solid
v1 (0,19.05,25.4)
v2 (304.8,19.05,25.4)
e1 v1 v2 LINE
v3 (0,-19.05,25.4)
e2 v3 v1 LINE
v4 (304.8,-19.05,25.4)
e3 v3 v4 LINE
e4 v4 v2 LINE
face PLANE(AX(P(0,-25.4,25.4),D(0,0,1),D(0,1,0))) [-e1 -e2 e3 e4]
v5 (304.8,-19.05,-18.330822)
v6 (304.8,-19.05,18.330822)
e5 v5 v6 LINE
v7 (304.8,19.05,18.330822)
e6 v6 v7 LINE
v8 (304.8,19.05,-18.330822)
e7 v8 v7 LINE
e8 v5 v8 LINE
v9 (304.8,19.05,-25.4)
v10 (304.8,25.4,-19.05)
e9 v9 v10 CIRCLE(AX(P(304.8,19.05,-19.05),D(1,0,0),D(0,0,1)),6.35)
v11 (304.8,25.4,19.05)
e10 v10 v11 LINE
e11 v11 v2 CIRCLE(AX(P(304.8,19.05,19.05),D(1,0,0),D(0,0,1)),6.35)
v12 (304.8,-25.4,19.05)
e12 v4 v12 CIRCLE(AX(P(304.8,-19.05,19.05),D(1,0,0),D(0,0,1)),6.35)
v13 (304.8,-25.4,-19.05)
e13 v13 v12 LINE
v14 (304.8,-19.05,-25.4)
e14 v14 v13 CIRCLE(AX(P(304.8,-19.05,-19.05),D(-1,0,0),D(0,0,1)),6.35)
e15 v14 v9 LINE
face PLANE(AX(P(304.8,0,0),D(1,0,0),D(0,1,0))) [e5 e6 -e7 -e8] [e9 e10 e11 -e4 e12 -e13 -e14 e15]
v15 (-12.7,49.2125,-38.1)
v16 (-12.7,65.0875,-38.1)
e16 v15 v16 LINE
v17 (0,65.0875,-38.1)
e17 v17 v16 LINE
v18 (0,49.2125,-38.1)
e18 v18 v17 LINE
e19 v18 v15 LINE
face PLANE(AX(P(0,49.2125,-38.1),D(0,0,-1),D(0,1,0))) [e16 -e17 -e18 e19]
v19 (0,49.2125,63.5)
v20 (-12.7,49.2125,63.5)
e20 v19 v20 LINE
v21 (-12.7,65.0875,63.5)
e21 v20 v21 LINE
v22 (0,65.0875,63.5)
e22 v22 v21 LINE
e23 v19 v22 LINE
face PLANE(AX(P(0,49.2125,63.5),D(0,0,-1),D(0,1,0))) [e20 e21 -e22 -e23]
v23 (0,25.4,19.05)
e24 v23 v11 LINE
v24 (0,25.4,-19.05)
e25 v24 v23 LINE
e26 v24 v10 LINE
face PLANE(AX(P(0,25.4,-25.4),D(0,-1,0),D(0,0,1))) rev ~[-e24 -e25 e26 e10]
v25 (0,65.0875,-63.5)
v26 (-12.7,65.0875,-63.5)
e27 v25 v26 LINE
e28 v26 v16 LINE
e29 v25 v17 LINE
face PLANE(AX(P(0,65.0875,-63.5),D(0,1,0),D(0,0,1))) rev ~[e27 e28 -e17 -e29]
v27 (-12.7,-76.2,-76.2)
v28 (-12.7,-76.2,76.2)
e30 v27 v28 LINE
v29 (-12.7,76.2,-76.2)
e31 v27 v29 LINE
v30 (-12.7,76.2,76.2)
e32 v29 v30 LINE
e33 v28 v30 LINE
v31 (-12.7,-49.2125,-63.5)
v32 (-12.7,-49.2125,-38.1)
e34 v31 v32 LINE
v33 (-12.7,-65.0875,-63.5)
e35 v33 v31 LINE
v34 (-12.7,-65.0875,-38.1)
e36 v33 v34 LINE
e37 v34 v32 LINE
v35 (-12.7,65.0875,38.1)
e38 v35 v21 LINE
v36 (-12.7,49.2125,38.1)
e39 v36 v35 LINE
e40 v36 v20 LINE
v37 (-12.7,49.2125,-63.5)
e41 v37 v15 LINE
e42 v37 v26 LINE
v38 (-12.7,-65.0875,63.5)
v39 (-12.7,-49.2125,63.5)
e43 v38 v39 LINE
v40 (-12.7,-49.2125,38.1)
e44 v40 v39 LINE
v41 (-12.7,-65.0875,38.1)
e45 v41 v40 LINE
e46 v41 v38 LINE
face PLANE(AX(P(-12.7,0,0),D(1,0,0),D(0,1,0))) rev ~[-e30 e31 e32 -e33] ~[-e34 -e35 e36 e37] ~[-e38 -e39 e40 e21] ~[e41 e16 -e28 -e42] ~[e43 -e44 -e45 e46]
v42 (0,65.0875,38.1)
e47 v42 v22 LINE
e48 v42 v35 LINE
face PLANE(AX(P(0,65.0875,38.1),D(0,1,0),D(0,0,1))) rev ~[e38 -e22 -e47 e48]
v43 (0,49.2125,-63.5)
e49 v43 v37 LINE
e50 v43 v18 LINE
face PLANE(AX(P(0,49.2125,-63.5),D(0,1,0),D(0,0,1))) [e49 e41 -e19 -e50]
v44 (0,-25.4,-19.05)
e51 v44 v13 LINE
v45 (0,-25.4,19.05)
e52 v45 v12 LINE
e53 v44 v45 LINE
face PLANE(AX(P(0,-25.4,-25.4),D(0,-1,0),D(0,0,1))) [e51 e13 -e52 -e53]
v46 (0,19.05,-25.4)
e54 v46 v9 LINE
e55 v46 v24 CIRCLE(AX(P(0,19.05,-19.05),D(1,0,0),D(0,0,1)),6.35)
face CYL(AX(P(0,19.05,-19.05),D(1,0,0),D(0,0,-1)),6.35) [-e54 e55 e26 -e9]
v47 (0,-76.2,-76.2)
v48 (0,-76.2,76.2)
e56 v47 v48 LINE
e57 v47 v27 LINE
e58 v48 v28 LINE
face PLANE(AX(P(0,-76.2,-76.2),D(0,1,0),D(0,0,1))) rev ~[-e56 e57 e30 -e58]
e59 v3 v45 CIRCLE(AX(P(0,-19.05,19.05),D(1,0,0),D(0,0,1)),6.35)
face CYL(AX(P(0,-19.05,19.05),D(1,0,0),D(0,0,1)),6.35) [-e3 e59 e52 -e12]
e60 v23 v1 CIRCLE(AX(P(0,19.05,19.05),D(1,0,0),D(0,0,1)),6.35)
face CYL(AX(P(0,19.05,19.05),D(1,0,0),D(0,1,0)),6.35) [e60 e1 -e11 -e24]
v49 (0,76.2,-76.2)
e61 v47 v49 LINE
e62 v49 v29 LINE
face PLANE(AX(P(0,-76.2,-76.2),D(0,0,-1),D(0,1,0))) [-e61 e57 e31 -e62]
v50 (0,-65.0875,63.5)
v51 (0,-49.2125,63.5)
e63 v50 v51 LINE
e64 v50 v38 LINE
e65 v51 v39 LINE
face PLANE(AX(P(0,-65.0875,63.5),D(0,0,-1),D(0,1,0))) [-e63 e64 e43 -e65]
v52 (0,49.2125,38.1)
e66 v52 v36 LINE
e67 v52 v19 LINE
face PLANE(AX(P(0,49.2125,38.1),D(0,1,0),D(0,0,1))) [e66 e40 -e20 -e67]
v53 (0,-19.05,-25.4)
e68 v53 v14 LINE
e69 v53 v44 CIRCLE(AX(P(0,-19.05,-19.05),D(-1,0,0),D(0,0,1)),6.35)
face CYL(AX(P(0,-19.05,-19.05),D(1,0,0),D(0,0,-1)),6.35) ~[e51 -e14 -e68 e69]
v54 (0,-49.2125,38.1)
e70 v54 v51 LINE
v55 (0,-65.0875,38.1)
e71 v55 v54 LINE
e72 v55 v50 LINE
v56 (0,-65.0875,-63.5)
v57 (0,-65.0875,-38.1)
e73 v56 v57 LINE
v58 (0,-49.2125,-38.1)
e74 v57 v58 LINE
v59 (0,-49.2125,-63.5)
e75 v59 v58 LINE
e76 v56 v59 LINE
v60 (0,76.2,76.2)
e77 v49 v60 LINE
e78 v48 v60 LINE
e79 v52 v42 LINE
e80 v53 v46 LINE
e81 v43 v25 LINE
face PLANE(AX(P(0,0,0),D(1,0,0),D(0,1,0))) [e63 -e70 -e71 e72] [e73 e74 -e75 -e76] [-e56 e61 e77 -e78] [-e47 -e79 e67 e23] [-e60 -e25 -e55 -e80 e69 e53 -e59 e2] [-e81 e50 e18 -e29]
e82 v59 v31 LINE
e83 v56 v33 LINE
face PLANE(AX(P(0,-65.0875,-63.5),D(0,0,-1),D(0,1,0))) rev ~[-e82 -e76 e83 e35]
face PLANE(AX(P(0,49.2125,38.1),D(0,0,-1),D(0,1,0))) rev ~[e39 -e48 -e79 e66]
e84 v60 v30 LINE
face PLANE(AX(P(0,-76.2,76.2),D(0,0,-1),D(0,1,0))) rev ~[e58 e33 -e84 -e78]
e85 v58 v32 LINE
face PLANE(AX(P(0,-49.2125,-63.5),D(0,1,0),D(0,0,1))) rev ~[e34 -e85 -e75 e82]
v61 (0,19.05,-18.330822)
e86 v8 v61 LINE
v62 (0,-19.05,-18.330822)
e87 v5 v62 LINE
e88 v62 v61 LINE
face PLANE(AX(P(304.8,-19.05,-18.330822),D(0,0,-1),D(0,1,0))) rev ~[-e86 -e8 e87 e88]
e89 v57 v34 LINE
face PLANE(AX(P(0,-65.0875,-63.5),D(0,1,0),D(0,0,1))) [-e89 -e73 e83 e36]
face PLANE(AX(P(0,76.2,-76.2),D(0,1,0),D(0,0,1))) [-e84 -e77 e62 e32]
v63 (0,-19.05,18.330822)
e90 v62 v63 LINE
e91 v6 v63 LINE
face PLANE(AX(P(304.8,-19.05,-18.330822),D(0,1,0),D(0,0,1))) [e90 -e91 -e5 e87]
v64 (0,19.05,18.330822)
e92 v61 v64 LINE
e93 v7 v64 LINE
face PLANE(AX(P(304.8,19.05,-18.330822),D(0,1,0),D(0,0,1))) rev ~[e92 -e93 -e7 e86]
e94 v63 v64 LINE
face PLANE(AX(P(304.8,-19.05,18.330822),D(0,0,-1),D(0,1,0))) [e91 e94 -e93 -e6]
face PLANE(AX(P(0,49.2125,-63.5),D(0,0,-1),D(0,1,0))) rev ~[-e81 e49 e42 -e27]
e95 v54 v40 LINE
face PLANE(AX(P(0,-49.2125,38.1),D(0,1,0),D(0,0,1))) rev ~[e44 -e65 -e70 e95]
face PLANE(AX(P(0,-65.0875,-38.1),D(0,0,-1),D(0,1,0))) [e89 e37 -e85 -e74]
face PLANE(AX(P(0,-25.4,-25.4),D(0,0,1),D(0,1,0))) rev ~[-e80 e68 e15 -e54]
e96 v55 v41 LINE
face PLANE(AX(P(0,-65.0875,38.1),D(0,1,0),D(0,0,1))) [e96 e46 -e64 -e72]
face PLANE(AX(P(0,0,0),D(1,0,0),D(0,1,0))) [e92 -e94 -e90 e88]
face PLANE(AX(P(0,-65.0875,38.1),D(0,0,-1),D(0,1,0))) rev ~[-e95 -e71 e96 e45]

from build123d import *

# Parameters (mm, degrees)
F0_W     = 152.4
F0_H     = 152.4
F1_DEPTH = 12.7
F2_W     = 50.8
F2_H     = 50.8
F3_DEPTH = 304.8
F4_W     = 38.1
F4_H     = 36.661644
F5_DEPTH = 304.8
F6_R     = 6.35
F7_W     = 15.875
F7_H     = 25.4
F8_DEPTH = 12.701


with BuildPart() as f1:
    # F0 (on Right) → F1 (new body)
    with BuildSketch(Plane.YZ):
        Rectangle(F0_W, F0_H)
    extrude(amount=-F1_DEPTH)

    # F2 (on face) → F3 (join)
    with BuildSketch(Plane.YZ):
        Rectangle(F2_W, F2_H)
    extrude(amount=F3_DEPTH)

    # F4 (on face) → F5 (cut, through all)
    with BuildSketch(Plane.YZ.offset(304.8)):
        Rectangle(F4_W, F4_H)
    extrude(amount=-F5_DEPTH, mode=Mode.SUBTRACT)

    # F6
    f6_edges = [f1.edges().sort_by_distance(p)[0] for p in [
        (152.4, -25.4, 25.4),
        (152.4, 25.4, 25.4),
        (152.4, -25.4, -25.4),
        (152.4, 25.4, -25.4),
    ]]
    fillet(f6_edges, radius=F6_R)

    # F7 (on face) → F8 (cut, through all)
    with BuildSketch(Plane.YZ):
        with Locations((-57.15, 50.8)):
            Rectangle(F7_W, F7_H)
        with Locations((57.15, 50.8)):
            Rectangle(F7_W, F7_H)
        with Locations((57.15, -50.8)):
            Rectangle(F7_W, F7_H)
        with Locations((-57.15, -50.8)):
            Rectangle(F7_W, F7_H)
    extrude(amount=-F8_DEPTH, mode=Mode.SUBTRACT)


solid = f1.part
